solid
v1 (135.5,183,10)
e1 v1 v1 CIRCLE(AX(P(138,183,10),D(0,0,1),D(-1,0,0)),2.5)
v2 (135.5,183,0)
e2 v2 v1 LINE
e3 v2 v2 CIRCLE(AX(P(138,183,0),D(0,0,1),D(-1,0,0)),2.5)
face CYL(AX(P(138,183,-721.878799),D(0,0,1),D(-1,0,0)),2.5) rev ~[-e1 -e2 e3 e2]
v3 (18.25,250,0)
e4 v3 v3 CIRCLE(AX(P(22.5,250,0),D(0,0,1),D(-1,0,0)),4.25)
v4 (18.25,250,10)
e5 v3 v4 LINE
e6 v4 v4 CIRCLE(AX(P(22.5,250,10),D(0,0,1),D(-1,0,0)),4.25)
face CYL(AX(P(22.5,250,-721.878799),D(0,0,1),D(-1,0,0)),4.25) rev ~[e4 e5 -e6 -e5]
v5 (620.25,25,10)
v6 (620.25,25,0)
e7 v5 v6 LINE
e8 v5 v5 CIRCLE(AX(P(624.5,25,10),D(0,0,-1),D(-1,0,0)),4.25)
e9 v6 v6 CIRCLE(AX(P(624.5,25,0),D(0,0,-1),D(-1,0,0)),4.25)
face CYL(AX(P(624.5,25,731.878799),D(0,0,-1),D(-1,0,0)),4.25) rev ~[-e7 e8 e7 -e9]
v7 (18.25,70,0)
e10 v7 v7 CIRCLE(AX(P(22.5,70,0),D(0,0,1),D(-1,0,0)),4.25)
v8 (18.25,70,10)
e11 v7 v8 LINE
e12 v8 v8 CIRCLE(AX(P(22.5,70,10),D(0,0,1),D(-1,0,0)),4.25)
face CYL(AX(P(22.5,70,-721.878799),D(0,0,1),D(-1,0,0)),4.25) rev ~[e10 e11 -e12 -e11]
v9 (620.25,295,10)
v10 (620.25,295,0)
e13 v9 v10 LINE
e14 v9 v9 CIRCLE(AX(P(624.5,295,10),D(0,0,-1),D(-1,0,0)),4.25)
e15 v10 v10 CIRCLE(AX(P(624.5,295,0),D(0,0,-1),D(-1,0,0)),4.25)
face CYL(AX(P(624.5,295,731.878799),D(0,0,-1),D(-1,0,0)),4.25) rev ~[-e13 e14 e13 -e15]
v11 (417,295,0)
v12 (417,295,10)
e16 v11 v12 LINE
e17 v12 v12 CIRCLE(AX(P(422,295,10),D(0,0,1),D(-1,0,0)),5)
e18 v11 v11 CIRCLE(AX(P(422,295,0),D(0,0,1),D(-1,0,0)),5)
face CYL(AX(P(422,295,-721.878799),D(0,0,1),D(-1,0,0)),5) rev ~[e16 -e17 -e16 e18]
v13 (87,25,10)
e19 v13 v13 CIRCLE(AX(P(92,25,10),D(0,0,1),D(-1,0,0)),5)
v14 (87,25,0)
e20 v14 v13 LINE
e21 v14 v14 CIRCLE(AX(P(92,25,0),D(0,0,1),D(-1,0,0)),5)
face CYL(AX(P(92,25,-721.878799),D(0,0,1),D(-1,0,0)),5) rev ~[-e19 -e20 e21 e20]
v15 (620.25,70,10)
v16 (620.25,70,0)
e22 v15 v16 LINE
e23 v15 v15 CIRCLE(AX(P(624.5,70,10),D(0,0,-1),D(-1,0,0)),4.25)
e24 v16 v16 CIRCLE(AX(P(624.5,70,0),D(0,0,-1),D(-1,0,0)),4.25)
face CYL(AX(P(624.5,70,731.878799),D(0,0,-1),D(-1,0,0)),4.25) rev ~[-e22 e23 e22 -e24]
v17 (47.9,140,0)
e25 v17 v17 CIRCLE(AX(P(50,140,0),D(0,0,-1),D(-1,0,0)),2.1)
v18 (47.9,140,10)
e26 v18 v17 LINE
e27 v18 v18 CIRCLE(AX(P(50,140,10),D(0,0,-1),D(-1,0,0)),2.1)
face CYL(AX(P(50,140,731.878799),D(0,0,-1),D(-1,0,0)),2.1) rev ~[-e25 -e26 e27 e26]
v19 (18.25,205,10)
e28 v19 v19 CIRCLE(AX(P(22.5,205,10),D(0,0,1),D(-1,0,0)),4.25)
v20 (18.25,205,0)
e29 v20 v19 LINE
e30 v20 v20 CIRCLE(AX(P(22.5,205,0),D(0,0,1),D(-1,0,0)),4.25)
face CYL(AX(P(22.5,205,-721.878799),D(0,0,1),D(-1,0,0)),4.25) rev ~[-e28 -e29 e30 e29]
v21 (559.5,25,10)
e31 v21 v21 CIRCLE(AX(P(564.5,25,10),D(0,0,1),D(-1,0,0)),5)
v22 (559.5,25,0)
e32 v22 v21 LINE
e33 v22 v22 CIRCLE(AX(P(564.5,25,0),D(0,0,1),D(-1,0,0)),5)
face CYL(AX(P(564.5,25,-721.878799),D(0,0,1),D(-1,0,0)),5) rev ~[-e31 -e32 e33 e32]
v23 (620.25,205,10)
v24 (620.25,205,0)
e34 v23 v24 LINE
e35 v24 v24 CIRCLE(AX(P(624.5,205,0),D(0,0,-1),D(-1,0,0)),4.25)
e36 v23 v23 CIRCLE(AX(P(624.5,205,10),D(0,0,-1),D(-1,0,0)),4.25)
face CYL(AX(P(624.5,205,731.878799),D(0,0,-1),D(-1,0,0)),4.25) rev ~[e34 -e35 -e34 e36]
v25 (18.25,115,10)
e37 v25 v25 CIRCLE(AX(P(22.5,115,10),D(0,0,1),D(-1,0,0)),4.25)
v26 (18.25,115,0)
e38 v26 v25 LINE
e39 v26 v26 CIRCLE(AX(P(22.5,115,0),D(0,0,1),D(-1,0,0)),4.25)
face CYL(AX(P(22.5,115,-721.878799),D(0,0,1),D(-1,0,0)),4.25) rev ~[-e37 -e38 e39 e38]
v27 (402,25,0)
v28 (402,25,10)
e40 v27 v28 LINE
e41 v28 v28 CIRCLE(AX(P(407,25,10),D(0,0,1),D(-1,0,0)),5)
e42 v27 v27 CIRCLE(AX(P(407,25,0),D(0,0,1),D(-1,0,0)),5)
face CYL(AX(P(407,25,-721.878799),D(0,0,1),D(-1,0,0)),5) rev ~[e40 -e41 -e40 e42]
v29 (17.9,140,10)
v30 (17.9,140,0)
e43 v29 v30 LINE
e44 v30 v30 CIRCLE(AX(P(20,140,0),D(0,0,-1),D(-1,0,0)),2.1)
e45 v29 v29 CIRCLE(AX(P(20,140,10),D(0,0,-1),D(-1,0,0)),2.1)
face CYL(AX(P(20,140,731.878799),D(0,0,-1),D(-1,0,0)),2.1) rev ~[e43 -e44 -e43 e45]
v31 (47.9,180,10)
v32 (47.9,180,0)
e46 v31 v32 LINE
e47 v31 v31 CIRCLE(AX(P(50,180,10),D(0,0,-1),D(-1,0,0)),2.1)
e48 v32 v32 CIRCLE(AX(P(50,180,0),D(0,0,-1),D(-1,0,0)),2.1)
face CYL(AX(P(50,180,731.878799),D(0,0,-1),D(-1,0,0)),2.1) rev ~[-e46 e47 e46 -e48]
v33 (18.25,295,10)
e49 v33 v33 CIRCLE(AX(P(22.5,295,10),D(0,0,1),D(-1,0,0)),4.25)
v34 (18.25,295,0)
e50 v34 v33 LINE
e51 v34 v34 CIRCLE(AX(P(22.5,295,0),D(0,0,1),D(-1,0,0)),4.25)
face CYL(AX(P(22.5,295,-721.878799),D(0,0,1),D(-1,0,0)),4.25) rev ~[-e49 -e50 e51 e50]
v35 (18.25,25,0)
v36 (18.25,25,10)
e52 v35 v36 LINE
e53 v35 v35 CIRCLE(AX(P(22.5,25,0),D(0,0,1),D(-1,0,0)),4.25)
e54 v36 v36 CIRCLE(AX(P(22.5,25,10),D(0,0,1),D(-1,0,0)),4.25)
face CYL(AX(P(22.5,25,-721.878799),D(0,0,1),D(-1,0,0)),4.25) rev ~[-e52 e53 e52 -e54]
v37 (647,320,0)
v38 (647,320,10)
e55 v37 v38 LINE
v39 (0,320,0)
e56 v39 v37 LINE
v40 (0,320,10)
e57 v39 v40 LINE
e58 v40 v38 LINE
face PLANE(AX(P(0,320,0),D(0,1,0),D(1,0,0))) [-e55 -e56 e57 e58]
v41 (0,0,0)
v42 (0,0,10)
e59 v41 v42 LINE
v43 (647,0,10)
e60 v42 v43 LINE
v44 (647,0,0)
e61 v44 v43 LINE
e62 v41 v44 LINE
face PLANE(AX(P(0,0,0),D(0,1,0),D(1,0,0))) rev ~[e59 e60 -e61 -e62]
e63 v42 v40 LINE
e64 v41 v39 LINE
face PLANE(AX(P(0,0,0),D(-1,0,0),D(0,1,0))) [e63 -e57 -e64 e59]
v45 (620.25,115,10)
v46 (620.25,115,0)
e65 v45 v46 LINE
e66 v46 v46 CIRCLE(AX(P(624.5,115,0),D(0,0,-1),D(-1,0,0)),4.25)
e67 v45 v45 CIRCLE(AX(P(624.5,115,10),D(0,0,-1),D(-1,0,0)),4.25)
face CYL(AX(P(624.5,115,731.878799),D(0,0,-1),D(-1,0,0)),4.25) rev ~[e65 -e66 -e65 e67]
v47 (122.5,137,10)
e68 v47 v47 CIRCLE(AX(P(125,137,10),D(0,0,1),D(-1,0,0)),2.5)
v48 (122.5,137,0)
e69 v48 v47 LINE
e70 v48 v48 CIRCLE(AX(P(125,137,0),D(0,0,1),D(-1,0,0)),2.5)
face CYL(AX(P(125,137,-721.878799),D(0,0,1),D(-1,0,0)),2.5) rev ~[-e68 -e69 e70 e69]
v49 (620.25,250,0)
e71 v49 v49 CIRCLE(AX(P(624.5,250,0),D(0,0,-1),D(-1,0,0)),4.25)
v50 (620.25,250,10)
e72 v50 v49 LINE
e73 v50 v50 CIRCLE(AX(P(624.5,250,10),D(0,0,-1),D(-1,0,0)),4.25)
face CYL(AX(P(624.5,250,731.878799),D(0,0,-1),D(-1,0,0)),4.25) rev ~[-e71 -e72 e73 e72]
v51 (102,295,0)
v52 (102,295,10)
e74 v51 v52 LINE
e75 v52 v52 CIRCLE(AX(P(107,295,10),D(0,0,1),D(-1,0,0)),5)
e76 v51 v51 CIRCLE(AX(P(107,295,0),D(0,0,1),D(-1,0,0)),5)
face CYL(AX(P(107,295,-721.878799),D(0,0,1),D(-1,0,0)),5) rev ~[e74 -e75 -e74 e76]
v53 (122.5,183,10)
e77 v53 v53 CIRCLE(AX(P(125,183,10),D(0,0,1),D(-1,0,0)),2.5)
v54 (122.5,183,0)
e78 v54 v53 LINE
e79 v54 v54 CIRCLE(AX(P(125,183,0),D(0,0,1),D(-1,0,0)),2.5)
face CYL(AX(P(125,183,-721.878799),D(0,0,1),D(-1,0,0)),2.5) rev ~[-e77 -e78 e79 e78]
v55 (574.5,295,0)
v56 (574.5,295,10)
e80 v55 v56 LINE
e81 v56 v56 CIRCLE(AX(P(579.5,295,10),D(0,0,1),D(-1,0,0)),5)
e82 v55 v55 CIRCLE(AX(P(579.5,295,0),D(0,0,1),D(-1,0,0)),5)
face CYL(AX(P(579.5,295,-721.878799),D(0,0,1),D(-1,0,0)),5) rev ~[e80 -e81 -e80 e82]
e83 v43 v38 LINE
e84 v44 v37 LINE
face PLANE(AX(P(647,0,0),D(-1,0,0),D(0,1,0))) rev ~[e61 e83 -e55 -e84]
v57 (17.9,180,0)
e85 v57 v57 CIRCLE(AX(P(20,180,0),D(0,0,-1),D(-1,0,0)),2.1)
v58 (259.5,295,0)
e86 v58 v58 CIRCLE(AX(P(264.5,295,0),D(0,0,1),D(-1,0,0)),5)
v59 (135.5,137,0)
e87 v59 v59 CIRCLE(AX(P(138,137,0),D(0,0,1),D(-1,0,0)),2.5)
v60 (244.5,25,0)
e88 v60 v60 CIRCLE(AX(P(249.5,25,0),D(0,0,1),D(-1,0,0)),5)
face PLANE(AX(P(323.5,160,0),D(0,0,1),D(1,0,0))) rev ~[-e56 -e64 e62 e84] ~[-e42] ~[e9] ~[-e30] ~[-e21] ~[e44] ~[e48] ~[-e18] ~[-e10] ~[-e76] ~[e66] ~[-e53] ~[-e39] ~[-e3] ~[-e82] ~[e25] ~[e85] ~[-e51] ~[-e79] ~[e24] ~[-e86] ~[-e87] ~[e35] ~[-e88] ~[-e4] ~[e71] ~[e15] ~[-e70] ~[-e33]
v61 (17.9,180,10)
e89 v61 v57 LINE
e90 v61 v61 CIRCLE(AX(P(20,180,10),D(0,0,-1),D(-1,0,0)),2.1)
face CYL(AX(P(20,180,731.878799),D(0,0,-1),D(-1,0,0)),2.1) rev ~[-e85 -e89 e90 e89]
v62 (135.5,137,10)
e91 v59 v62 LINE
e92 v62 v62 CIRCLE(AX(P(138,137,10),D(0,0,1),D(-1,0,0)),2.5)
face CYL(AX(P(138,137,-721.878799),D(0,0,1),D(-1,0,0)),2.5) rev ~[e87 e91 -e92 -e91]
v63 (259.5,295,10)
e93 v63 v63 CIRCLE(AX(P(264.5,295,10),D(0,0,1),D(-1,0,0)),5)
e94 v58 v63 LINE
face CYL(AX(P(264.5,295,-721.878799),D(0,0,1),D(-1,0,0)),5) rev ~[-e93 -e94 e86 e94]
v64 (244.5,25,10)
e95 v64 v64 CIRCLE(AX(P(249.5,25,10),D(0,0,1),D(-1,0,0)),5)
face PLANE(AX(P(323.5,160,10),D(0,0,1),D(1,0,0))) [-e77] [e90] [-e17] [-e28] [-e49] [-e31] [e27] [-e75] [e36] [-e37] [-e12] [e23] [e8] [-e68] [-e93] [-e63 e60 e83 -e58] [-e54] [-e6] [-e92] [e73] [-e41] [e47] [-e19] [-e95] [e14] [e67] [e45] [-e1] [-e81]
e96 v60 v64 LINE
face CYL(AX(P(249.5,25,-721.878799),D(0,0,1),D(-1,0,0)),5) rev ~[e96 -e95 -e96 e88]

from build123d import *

# Parameters (mm, degrees)
F0_W     = 647
F0_H     = 320
F1_DEPTH = 10
F2_D     = 10
F3_D     = 5
F4_D     = 8.5
F6_D     = 4.2
F8_D     = 8.5


with BuildPart() as f1:
    # F0 (on Top) → F1 (new body)
    with BuildSketch(Plane.XY):
        with Locations((323.5, 160)):
            Rectangle(F0_W, F0_H)
    extrude(amount=F1_DEPTH)

    # F2 (through all)
    with Locations(Plane(origin=(0, 0, 0), x_dir=(1, 0, 0), z_dir=(0, 0, -1))):
        with Locations((92, -25), (249.5, -25), (407, -25), (564.5, -25), (107, -295), (264.5, -295), (422, -295), (579.5, -295)):
            Hole(F2_D / 2)

    # F3 (through all)
    with Locations(Plane(origin=(0, 0, 0), x_dir=(1, 0, 0), z_dir=(0, 0, -1))):
        with Locations((138, -183), (125, -183), (125, -137), (138, -137)):
            Hole(F3_D / 2)

    # F4 (through all)
    with Locations(Plane(origin=(0, 0, 0), x_dir=(1, 0, 0), z_dir=(0, 0, -1))):
        with Locations((22.5, -250), (22.5, -205), (22.5, -115), (22.5, -70), (22.5, -295), (22.5, -25)):
            Hole(F4_D / 2)

    # F6 (through all)
    with Locations(Plane.XY.offset(10)):
        with Locations((20, 180), (50, 180), (50, 140), (20, 140)):
            Hole(F6_D / 2)

    # F8 (through all)
    with Locations(Plane.XY.offset(10)):
        with Locations((624.5, 295), (624.5, 250), (624.5, 205), (624.5, 115), (624.5, 70), (624.5, 25)):
            Hole(F8_D / 2)


solid = f1.part
